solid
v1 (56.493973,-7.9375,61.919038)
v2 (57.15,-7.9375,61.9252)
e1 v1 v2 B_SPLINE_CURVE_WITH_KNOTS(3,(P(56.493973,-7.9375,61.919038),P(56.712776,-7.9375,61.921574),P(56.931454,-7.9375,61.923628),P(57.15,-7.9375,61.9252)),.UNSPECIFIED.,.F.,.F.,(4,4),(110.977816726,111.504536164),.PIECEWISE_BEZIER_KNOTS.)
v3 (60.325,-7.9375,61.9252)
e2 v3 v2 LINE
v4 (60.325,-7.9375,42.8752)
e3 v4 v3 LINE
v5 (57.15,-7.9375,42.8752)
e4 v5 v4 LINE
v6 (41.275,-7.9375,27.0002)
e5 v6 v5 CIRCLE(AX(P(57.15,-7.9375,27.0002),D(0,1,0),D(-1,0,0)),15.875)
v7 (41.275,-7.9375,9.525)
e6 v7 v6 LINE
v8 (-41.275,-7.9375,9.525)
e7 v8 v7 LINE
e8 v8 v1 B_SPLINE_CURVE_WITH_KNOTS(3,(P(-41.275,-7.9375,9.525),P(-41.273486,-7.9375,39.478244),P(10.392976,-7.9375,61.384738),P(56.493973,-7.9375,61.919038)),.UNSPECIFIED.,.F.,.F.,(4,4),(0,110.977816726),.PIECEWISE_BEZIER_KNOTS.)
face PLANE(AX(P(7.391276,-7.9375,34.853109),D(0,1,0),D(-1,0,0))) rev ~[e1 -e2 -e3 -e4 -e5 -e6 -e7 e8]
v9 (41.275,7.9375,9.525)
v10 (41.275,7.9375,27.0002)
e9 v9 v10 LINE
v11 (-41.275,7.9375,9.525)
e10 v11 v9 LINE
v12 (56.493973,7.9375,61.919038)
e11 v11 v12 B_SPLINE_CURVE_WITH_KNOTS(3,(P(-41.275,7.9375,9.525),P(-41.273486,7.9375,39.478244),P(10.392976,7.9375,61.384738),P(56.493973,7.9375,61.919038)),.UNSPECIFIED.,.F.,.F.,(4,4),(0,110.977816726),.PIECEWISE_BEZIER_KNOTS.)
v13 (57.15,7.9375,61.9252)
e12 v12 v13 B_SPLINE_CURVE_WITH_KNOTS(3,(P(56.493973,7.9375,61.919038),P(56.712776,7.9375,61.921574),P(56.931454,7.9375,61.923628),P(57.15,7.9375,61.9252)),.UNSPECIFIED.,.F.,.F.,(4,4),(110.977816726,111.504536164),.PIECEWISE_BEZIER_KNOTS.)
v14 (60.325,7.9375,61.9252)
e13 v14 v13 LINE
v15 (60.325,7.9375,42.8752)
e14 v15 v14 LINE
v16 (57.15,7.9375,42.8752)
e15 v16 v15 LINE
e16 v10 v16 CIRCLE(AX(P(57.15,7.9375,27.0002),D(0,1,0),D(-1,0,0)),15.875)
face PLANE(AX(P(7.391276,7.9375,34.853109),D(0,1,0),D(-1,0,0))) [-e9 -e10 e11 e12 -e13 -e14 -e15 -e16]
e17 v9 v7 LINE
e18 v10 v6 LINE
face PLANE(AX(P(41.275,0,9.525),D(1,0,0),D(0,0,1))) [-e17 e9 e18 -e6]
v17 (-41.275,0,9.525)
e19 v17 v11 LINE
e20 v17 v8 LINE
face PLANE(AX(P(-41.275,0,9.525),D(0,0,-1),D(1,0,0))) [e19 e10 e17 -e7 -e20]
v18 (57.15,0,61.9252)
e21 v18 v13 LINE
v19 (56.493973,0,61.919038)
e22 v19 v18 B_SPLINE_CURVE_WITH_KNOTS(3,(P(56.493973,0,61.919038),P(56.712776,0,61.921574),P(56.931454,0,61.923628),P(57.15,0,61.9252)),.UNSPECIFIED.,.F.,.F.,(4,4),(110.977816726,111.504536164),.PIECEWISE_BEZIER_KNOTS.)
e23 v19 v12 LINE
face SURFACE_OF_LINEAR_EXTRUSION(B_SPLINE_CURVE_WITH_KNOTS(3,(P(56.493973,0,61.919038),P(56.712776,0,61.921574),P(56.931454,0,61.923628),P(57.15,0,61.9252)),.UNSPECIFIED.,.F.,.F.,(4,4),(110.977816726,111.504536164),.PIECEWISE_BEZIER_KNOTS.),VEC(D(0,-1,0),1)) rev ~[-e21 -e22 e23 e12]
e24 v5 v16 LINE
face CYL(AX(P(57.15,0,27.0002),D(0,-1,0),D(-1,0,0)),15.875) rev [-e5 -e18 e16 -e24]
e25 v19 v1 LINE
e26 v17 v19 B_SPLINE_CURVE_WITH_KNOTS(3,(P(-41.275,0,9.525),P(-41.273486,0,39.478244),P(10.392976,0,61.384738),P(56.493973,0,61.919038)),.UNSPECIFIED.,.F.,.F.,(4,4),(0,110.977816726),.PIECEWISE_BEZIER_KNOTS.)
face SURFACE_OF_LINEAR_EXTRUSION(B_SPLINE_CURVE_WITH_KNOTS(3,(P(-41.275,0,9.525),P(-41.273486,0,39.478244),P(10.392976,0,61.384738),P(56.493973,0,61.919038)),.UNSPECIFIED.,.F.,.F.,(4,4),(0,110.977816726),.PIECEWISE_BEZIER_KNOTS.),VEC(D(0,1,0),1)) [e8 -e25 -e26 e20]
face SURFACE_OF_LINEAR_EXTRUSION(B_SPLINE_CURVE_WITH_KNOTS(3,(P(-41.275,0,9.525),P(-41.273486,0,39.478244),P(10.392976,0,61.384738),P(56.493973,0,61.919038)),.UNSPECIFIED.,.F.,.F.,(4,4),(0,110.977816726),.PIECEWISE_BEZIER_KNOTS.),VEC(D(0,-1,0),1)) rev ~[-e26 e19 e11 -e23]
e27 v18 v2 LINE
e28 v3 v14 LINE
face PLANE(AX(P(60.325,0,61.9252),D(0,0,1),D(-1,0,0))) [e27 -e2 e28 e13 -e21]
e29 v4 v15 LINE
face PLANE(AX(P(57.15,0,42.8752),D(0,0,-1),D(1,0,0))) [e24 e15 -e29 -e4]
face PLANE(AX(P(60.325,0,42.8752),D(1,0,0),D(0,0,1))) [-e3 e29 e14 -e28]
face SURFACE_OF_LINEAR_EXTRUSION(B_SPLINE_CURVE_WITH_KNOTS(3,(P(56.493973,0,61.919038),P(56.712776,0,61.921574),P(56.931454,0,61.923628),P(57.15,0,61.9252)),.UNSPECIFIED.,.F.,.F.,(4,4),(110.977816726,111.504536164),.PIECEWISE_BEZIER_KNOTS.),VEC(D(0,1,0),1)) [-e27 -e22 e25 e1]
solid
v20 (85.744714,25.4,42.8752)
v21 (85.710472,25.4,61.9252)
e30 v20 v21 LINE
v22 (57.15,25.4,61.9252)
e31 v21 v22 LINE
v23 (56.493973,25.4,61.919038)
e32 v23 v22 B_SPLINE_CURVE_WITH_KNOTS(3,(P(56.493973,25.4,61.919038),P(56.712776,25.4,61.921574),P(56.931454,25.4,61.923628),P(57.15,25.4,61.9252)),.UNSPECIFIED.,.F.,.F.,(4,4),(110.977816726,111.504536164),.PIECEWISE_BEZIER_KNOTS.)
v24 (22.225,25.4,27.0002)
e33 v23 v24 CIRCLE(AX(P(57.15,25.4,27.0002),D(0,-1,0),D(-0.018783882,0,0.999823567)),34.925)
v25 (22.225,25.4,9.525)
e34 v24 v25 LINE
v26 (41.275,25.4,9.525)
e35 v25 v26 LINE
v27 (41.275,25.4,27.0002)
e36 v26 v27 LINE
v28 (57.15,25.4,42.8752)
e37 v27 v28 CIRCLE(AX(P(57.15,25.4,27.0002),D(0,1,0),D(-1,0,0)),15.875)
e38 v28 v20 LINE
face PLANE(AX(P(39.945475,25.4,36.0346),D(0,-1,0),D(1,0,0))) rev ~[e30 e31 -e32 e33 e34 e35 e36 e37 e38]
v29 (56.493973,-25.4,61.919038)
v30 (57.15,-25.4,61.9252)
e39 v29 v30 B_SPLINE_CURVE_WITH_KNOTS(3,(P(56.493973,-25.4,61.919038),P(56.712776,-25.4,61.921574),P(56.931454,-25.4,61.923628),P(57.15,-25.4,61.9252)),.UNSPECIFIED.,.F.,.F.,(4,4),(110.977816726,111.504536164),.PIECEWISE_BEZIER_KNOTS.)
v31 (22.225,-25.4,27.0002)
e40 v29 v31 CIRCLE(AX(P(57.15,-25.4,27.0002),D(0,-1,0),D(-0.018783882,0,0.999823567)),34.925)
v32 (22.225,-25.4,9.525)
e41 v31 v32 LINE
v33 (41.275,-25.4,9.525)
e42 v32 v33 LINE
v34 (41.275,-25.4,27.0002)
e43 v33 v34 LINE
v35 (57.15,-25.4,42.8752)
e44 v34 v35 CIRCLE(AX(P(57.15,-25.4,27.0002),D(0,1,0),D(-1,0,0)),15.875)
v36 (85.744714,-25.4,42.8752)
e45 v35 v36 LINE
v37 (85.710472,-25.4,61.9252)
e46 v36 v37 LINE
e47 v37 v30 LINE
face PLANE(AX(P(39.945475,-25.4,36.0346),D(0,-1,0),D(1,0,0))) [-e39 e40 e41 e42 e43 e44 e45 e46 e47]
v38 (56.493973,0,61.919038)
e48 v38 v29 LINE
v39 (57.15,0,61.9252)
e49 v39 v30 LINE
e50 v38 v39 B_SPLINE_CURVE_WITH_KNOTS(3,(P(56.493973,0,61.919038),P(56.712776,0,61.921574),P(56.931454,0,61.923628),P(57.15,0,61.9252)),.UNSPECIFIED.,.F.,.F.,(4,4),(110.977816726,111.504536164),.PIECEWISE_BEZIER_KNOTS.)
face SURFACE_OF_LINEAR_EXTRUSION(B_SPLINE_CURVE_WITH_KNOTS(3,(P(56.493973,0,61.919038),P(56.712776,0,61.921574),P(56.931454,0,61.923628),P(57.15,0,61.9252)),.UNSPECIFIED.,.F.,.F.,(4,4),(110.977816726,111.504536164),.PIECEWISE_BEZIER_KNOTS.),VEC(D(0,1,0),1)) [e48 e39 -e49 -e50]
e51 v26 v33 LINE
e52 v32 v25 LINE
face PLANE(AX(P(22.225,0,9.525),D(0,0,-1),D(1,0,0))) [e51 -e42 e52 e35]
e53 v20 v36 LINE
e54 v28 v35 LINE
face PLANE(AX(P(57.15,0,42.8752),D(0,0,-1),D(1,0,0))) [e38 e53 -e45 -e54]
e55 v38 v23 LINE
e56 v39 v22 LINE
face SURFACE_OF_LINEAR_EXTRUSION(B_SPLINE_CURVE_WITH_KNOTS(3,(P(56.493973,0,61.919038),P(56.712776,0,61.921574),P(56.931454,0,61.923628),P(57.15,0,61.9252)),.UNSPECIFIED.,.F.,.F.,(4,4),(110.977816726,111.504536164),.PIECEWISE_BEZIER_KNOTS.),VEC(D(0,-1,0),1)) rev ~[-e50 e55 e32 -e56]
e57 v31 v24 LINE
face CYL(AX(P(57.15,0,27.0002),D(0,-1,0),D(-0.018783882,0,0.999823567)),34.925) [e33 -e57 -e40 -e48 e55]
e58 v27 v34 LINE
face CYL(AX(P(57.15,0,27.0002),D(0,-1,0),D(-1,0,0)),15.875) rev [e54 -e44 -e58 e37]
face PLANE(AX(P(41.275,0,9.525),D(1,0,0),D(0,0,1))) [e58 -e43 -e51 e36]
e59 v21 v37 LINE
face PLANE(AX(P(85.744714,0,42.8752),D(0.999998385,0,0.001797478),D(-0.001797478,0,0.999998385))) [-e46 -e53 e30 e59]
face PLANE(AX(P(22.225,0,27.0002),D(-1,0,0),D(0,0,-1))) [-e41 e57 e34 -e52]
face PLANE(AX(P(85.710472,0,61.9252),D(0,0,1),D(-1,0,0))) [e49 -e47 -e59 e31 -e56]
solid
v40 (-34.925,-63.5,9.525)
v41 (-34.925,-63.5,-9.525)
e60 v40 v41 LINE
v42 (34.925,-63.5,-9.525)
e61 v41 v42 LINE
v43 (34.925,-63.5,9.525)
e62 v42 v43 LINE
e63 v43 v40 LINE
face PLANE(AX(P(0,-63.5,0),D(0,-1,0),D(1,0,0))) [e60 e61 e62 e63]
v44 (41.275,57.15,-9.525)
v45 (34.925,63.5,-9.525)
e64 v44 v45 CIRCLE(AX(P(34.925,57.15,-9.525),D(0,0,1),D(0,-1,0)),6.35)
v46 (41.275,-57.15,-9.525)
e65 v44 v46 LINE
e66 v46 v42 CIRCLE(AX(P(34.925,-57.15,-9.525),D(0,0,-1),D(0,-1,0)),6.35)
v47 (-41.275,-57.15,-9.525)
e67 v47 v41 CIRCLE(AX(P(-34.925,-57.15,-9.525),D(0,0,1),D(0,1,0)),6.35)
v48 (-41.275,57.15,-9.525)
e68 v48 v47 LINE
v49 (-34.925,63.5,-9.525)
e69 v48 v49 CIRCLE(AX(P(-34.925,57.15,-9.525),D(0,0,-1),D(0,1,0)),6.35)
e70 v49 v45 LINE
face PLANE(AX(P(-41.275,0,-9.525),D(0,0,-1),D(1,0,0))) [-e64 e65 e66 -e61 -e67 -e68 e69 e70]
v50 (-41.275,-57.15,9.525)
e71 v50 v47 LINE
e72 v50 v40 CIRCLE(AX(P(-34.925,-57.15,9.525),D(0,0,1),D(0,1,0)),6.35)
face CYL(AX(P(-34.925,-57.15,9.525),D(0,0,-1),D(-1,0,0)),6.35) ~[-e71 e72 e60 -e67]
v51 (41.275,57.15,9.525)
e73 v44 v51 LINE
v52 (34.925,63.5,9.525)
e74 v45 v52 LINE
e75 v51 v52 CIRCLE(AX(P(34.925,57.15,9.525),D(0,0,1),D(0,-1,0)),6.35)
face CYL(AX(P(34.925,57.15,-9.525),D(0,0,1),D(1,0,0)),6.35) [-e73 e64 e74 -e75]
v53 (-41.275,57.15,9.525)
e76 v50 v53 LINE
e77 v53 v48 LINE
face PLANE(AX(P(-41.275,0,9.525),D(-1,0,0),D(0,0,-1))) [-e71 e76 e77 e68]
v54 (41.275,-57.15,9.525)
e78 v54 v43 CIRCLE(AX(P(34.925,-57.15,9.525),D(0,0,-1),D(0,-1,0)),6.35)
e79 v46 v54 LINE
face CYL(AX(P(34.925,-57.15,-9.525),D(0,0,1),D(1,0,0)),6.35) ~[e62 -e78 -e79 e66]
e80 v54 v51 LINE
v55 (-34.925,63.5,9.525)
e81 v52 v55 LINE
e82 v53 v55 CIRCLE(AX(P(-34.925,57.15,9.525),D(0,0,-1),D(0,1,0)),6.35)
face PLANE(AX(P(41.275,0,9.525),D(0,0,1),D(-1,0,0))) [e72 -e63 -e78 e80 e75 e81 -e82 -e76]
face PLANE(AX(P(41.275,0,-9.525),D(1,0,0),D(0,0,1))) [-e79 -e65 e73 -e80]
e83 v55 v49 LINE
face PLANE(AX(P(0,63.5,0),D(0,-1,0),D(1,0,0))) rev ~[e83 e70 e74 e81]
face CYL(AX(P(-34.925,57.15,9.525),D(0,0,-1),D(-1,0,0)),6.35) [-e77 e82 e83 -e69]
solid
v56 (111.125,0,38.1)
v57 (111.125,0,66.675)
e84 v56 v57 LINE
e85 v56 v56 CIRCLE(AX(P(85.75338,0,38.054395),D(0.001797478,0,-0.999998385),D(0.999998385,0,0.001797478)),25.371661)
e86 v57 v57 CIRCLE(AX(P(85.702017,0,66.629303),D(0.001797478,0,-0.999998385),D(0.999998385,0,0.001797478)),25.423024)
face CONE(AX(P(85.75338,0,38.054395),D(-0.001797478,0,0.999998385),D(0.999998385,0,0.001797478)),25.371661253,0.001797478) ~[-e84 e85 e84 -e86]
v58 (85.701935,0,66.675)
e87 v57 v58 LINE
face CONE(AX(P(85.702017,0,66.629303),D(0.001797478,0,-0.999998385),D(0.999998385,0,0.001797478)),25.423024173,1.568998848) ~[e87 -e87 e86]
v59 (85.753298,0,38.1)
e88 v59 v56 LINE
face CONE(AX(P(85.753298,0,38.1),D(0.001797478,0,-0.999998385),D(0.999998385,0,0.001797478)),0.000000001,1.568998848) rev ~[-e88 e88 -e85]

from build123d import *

# Parameters (mm, degrees)
F1_DEPTH = 63.5
F2_DEPTH = 25.4
F3_DEPTH = 7.9375
F5_R     = 6.35


with BuildPart() as f1:
    # F0 (on Front) → F1 (new body, symmetric)
    with BuildSketch(Plane.XZ):
        Polygon((-41.275, 9.525), (-41.275, -9.525), (41.275, -9.525), (41.275, 9.525), (22.225, 9.525), align=None)
    extrude(amount=F1_DEPTH, both=True)

    # F5
    f5_edges = [f1.edges().sort_by_distance(p)[0] for p in [
        (41.275, -63.5, 0),
        (-41.275, -63.5, 0),
        (41.275, 63.5, 0),
        (-41.275, 63.5, 0),
    ]]
    fillet(f5_edges, radius=F5_R)


with BuildPart() as f2:
    # F0 (on Front) → F2 (new body, symmetric)
    with BuildSketch(Plane.XZ):
        with BuildLine():
            Line((22.225, 9.525), (41.275, 9.525))
            Line((41.275, 9.525), (41.275, 27.0002))
            ThreePointArc((41.275, 27.0002), (45.9246798487, 38.2255201513), (57.15, 42.8752))
            Line((57.15, 42.8752), (60.325, 42.8752))
            Line((60.325, 42.8752), (60.325, 61.9252))
            Line((60.325, 61.9252), (57.15, 61.9252))
            add(Edge.make_bspline(
                [(56.4939729044, 61.9190380885), (56.7127760108, 61.9215739664), (56.9314537489, 61.9236284118), (57.15, 61.9252)],
                knots=[110.9778167256, 110.9778167256, 110.9778167256, 110.9778167256, 111.5045361635, 111.5045361635, 111.5045361635, 111.5045361635], degree=3))
            ThreePointArc((56.4939729044, 61.9190380885), (32.2234341383, 51.4628641914), (22.225, 27.0002))
            Line((22.225, 27.0002), (22.225, 9.525))
        make_face()
        Polygon((85.7104724294, 61.9252), (60.325, 61.9252), (60.325, 42.8752), (85.7447144318, 42.8752), align=None)
    extrude(amount=F2_DEPTH, both=True)


with BuildPart() as f3:
    # F0 (on Front) → F3 (new body, symmetric)
    with BuildSketch(Plane.XZ):
        with BuildLine():
            add(Edge.make_bspline(
                [(-41.275, 9.525), (-41.2734856062, 39.4782437782), (10.3929762491, 61.3847380846), (56.4939729044, 61.9190380885)],
                knots=[0, 0, 0, 0, 110.9778167256, 110.9778167256, 110.9778167256, 110.9778167256], degree=3))
            Line((-41.275, 9.525), (22.225, 9.525))
            Line((22.225, 9.525), (22.225, 27.0002))
            ThreePointArc((22.225, 27.0002), (32.2234341383, 51.4628641914), (56.4939729044, 61.9190380885))
        make_face()
        with BuildLine():
            Line((22.225, 9.525), (41.275, 9.525))
            Line((41.275, 9.525), (41.275, 27.0002))
            ThreePointArc((41.275, 27.0002), (45.9246798487, 38.2255201513), (57.15, 42.8752))
            Line((57.15, 42.8752), (60.325, 42.8752))
            Line((60.325, 42.8752), (60.325, 61.9252))
            Line((60.325, 61.9252), (57.15, 61.9252))
            add(Edge.make_bspline(
                [(56.4939729044, 61.9190380885), (56.7127760108, 61.9215739664), (56.9314537489, 61.9236284118), (57.15, 61.9252)],
                knots=[110.9778167256, 110.9778167256, 110.9778167256, 110.9778167256, 111.5045361635, 111.5045361635, 111.5045361635, 111.5045361635], degree=3))
            ThreePointArc((56.4939729044, 61.9190380885), (32.2234341383, 51.4628641914), (22.225, 27.0002))
            Line((22.225, 27.0002), (22.225, 9.525))
        make_face()
    extrude(amount=F3_DEPTH, both=True)


with BuildPart() as f4:
    # F0 (on Front) → F4 (revolve)
    with BuildSketch(Plane.XZ):
        Polygon((85.7019347568, 66.675), (85.7104724294, 61.9252), (94.5120291833, 61.9252), (111.125, 61.9252), (111.125, 66.675), align=None)
        Polygon((94.5120291833, 61.9252), (85.7104724294, 61.9252), (85.7447144318, 42.8752), (85.7532977604, 42.8752), (111.125, 42.8752), (111.125, 61.9252), align=None)
        Polygon((85.7532977604, 42.8752), (85.7447144318, 42.8752), (85.7532977604, 38.1), (111.125, 38.1), (111.125, 42.8752), align=None)
    revolve(axis=Axis((85.7276162586, 0, 52.3875), (0.0017974775, 0, -0.9999983845)))


solid = Compound([f1.part, f2.part, f3.part, f4.part])
